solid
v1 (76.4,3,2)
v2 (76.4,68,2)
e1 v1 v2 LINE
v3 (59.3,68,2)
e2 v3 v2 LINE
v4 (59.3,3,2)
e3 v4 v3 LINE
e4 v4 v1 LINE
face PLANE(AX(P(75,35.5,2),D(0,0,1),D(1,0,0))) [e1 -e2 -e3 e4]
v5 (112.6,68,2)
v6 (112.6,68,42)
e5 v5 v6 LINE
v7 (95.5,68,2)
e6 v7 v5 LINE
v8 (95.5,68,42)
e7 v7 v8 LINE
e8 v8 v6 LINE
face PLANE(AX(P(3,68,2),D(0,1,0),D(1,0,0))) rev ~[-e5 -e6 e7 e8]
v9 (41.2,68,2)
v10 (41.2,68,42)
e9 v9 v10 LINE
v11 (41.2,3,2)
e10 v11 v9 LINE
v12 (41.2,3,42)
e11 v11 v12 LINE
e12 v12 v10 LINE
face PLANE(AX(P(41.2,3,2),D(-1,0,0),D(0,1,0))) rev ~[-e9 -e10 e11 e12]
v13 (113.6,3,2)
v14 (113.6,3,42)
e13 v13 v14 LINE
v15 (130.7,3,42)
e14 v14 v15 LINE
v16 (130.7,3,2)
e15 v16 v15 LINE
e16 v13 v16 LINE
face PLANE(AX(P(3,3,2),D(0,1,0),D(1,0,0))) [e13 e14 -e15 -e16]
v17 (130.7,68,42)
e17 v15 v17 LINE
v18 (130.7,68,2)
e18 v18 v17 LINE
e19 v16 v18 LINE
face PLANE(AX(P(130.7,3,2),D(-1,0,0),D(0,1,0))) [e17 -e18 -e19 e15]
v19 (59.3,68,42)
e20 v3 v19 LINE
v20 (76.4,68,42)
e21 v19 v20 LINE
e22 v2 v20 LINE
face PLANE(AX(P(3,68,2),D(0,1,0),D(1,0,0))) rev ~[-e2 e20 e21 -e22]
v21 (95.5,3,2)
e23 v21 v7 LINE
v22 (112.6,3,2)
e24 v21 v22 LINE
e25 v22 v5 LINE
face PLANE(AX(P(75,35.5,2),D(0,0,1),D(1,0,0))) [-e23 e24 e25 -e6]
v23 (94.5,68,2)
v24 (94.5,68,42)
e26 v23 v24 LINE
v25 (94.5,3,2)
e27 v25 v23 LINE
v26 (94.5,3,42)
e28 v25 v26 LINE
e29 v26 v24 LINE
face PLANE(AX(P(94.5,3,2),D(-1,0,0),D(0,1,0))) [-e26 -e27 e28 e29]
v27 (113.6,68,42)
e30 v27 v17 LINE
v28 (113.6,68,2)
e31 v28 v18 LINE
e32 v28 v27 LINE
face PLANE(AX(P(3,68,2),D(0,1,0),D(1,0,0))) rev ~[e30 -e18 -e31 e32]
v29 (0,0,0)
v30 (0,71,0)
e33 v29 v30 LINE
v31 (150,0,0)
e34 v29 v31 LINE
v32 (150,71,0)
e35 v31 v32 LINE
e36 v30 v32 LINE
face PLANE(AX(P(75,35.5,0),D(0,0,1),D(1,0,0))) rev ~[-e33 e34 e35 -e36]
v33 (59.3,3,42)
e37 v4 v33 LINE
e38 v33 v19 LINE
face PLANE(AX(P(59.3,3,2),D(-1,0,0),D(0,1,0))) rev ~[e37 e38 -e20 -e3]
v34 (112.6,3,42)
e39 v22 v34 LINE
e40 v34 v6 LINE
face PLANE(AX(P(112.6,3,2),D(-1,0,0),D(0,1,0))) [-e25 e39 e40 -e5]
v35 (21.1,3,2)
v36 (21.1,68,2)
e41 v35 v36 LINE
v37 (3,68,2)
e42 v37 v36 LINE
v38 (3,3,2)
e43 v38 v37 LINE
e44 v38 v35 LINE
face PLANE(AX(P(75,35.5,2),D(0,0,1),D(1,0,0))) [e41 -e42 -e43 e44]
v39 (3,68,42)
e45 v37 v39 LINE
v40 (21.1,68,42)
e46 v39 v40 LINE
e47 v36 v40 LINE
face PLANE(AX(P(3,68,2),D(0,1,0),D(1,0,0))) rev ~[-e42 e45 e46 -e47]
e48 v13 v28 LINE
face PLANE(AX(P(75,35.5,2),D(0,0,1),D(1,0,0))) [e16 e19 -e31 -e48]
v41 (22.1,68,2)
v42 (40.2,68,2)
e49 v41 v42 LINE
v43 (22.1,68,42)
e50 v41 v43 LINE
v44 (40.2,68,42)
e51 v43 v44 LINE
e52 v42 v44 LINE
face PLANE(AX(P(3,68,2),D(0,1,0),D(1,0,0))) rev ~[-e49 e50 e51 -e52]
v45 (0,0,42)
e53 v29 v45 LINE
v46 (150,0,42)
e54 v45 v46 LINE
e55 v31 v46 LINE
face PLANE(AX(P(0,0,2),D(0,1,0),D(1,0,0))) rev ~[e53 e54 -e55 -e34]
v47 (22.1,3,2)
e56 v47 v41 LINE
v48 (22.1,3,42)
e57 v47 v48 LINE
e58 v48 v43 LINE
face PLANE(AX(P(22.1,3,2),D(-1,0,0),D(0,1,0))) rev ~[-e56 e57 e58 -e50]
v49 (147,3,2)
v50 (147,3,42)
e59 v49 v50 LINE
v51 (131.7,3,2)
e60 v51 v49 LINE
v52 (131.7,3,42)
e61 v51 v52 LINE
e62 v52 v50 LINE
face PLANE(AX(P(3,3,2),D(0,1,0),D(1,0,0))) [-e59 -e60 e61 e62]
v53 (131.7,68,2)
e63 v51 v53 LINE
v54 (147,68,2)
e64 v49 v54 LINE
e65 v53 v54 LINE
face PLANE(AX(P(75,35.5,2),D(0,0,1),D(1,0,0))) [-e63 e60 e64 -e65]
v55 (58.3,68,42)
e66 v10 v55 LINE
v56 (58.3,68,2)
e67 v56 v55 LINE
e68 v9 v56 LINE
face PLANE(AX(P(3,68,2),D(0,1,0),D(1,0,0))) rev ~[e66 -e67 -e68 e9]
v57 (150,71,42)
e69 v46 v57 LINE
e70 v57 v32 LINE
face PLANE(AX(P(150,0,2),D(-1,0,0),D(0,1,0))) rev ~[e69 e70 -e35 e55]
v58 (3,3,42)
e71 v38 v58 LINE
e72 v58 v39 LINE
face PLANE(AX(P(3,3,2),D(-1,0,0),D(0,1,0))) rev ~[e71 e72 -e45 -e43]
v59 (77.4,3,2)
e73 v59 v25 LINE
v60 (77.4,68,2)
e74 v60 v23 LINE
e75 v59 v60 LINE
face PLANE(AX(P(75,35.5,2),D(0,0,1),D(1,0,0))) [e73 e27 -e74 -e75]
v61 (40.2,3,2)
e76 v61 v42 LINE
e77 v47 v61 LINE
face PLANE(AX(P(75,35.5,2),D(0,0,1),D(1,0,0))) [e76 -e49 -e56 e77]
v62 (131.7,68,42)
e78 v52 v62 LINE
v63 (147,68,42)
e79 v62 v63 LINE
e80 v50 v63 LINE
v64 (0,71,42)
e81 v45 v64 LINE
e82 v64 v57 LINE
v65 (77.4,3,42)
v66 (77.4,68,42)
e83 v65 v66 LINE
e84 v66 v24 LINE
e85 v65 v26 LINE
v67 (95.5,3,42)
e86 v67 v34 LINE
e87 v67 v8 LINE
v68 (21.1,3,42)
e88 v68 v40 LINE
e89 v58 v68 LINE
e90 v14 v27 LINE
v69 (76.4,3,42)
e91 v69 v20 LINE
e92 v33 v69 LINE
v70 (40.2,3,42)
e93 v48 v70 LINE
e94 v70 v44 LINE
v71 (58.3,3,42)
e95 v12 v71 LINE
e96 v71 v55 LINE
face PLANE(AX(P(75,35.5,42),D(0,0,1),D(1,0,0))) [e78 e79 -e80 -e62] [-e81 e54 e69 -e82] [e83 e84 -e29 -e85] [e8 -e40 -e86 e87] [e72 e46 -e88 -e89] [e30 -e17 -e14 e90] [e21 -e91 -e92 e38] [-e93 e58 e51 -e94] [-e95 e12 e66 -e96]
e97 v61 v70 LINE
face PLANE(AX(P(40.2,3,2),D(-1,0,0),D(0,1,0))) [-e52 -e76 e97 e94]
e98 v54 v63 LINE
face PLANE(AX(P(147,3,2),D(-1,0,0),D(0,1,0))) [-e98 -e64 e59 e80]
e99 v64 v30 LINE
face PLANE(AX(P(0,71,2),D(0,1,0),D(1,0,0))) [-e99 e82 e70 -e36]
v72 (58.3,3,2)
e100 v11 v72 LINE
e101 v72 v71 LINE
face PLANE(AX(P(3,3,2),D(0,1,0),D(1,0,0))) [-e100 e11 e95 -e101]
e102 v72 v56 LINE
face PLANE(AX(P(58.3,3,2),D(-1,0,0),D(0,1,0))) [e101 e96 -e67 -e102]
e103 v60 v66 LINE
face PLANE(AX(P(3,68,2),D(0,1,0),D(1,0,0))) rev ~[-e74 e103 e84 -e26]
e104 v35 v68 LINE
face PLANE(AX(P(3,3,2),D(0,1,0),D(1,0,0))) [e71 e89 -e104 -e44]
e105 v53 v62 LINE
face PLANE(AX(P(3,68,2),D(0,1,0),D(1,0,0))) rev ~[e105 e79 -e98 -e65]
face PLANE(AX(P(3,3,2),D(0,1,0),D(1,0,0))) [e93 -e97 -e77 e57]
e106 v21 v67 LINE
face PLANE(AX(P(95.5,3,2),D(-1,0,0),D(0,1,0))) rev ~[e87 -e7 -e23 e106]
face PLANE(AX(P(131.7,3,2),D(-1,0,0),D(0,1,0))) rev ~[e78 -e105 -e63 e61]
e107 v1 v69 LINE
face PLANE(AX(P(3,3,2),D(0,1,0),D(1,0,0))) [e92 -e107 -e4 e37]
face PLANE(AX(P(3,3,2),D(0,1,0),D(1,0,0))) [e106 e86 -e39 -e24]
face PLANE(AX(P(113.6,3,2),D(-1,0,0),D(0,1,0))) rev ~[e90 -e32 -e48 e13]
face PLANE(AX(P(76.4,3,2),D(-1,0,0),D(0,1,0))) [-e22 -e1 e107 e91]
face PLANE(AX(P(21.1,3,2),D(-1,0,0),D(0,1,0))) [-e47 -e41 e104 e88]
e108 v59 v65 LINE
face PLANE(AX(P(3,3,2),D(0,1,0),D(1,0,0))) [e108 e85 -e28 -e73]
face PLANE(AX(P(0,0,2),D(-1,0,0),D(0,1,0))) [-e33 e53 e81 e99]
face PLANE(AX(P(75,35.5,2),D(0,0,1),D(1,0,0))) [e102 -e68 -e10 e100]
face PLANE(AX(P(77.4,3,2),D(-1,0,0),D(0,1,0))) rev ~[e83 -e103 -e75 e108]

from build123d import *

# Parameters (mm, degrees)
F0_W     = 150
F0_H     = 71
F1_DEPTH = 2
F2_W     = 150
F2_H     = 71
F2_W_2   = 144
F2_H_2   = 65
F3_DEPTH = 40
F4_W     = 1
F4_H     = 65
F5_DEPTH = 40
F6_W     = 1
F6_H     = 65
F7_DEPTH = 40


with BuildPart() as f1:
    # F0 (on Top) → F1 (new body)
    with BuildSketch(Plane.XY):
        with Locations((75, 35.5)):
            Rectangle(F0_W, F0_H)
    extrude(amount=F1_DEPTH)

    # F2 (on face) → F3 (join)
    with BuildSketch(Plane.XY.offset(2)):
        with Locations((75, 35.5)):
            Rectangle(F2_W, F2_H)
        with Locations((75, 35.5)):
            Rectangle(F2_W_2, F2_H_2, mode=Mode.SUBTRACT)
    extrude(amount=F3_DEPTH)

    # F4 (on face) → F5 (join)
    with BuildSketch(Plane.XY.offset(2)):
        with Locations((21.6, 35.5)):
            Rectangle(F4_W, F4_H)
    extrude(amount=F5_DEPTH)

    # F6 (on face) → F7 (join)
    with BuildSketch(Plane.XY.offset(2)):
        with Locations((40.7, 35.5)):
            Rectangle(F6_W, F6_H)
        with Locations((58.8, 35.5)):
            Rectangle(F6_W, F6_H)
        with Locations((76.9, 35.5)):
            Rectangle(F6_W, F6_H)
        with Locations((95, 35.5)):
            Rectangle(F6_W, F6_H)
        with Locations((113.1, 35.5)):
            Rectangle(F6_W, F6_H)
        with Locations((131.2, 35.5)):
            Rectangle(F6_W, F6_H)
    extrude(amount=F7_DEPTH)


solid = f1.part
